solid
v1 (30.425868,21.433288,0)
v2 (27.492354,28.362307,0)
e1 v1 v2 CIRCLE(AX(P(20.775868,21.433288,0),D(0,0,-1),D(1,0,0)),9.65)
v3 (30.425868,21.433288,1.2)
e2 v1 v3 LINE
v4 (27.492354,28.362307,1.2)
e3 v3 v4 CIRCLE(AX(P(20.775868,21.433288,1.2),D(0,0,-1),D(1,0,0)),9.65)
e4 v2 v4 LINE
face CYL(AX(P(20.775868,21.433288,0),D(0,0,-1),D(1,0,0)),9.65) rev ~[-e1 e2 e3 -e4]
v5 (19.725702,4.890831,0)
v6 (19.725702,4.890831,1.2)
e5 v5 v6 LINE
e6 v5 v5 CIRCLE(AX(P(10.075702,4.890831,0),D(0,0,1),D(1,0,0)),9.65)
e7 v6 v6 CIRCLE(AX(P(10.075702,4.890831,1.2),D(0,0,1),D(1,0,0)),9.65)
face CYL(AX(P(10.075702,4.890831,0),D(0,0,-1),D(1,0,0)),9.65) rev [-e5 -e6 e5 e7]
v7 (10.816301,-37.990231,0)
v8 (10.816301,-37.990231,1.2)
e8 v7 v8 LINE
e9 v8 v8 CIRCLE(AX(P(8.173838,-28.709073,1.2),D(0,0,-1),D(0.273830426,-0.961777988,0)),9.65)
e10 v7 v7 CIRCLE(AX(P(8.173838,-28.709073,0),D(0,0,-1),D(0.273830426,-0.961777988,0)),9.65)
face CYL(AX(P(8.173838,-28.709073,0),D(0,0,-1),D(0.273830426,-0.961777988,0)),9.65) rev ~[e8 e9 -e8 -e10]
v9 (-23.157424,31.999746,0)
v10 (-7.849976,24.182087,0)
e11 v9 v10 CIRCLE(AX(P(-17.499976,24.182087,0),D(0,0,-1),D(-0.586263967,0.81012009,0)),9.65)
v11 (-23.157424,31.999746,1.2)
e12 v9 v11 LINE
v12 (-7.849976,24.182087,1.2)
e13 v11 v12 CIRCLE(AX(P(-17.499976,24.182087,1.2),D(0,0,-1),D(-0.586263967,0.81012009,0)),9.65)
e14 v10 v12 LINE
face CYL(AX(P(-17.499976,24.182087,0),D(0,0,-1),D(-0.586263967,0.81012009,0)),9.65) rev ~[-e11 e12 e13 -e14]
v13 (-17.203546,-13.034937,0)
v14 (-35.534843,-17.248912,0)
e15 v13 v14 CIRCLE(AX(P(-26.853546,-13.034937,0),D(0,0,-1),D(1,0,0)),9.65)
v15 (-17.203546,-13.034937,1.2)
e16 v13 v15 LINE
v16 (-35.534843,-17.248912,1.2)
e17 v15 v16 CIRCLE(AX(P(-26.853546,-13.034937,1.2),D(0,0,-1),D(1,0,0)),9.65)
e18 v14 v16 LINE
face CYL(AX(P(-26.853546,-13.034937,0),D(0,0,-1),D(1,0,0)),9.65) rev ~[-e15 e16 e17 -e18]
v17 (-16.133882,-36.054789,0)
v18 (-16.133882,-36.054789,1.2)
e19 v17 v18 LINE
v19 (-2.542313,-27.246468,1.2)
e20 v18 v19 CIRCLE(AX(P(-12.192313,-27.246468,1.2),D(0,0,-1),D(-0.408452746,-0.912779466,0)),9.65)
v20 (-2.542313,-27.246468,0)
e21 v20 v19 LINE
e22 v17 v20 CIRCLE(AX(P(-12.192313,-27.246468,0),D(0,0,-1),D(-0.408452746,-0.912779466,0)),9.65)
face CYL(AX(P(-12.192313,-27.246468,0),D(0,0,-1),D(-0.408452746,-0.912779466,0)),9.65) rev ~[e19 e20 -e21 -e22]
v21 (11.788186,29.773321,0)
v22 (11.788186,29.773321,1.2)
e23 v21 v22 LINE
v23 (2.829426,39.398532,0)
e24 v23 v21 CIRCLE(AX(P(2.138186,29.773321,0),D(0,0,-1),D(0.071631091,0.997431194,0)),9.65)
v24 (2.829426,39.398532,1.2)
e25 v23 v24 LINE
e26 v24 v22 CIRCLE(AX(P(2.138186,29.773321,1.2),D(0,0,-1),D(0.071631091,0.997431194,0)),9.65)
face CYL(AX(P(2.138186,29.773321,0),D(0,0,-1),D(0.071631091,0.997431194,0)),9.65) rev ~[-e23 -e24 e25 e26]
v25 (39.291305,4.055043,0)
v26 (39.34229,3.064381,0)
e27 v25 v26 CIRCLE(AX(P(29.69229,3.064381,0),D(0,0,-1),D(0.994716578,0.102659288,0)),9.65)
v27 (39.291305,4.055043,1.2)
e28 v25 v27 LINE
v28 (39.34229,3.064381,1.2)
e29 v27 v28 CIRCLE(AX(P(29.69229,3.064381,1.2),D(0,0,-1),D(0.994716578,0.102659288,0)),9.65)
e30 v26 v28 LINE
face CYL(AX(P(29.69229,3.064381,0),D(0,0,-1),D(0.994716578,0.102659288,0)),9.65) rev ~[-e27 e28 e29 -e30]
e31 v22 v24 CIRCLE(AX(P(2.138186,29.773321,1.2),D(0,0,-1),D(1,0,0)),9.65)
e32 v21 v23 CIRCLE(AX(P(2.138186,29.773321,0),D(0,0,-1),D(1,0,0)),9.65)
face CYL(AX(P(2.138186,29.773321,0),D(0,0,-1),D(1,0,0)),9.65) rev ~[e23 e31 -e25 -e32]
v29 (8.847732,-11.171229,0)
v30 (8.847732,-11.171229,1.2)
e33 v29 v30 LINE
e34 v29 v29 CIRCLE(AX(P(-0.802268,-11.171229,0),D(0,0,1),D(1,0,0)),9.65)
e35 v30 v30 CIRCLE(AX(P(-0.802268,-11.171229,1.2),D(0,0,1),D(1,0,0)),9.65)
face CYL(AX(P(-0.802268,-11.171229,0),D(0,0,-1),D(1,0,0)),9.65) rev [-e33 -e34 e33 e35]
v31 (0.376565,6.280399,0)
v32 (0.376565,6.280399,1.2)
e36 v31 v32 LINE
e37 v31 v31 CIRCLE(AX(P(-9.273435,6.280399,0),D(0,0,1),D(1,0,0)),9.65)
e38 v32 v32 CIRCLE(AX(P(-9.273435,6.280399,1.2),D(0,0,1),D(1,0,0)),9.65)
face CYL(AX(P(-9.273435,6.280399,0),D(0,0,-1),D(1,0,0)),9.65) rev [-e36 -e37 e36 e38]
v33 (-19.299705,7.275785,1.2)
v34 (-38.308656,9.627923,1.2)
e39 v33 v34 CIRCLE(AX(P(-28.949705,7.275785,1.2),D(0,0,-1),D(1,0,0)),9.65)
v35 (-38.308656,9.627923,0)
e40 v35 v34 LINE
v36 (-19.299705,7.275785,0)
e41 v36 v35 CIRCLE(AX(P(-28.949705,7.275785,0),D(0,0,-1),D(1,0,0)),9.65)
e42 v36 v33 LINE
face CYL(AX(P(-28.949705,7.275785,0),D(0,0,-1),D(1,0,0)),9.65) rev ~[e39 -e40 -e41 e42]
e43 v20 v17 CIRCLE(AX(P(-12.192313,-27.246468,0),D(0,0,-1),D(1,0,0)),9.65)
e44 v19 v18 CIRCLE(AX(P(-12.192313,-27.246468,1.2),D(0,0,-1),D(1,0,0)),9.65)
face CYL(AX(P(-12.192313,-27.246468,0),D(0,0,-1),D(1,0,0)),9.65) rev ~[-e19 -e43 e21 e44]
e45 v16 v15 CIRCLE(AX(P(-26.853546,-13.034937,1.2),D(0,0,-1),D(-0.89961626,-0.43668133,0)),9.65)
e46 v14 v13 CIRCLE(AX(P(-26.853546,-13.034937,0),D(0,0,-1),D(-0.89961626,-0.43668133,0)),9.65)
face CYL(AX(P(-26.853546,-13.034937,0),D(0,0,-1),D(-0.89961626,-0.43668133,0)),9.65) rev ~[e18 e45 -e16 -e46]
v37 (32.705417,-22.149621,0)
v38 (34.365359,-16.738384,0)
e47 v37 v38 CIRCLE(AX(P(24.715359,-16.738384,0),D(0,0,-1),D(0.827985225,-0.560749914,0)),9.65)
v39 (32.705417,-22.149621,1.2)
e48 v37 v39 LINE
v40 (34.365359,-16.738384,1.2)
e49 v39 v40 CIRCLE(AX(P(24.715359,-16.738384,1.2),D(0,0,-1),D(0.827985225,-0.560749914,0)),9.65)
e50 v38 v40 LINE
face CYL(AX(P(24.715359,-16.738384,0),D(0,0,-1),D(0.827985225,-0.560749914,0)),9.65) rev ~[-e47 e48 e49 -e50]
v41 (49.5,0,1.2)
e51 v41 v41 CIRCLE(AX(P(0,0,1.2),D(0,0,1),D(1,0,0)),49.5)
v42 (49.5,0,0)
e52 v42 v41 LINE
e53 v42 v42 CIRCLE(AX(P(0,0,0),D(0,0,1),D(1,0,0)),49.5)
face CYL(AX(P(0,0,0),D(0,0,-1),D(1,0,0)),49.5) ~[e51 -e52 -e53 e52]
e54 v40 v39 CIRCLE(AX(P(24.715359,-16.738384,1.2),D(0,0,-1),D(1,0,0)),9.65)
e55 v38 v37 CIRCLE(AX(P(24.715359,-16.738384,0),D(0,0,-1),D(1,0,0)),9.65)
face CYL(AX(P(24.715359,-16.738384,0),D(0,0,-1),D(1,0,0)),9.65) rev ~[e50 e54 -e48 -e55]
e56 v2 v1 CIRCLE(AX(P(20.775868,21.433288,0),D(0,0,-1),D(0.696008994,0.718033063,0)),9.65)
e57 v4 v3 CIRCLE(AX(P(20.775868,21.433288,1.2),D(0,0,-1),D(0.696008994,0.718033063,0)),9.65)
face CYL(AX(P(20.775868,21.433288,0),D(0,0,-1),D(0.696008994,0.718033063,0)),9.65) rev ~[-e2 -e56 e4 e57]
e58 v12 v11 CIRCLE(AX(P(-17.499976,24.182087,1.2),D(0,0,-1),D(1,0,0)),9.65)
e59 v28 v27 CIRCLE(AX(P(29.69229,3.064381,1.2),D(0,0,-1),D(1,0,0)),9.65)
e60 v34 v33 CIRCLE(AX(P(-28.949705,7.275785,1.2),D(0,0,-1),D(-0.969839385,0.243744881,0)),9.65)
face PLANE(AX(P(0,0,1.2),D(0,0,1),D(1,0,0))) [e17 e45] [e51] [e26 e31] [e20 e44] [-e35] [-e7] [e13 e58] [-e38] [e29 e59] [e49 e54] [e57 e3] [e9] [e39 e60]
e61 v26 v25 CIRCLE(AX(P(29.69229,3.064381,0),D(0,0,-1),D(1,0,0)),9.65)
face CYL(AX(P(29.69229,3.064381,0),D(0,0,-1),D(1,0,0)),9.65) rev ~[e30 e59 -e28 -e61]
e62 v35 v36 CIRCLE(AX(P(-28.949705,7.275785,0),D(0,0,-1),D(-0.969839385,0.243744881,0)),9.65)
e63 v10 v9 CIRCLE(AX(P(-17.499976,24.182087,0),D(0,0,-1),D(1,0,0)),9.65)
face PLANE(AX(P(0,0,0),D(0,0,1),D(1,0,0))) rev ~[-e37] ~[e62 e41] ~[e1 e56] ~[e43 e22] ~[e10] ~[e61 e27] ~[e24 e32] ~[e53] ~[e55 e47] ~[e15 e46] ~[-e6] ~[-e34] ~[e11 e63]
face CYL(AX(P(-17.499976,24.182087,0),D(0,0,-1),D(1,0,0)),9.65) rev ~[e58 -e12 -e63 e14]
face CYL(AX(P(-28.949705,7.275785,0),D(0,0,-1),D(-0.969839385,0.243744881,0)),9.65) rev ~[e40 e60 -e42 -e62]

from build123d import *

# Parameters (mm, degrees)
F0_R     = 49.5
F0_R_2   = 9.65
F1_DEPTH = 1.2


with BuildPart() as f1:
    # F0 (on Top) → F1 (new body)
    with BuildSketch(Plane.XY):
        Circle(F0_R)
        with BuildLine():
            ThreePointArc((39.291304741, 4.0550427554), (39.4477916826, 2.0302047593), (39.5, 0))
            ThreePointArc((39.5, 0), (37.7631696724, -11.5841709368), (32.7054168965, -22.1496208912))
            ThreePointArc((32.7054168965, -22.1496208912), (23.1574225777, -31.9997465546), (10.8163014141, -37.9902306353))
            ThreePointArc((10.8163014141, -37.9902306353), (-2.8294257614, -39.3985323313), (-16.1338824195, -36.0547893916))
            ThreePointArc((-16.1338824195, -36.0547893916), (-27.4923542695, -28.3623069711), (-35.5348425965, -17.2489118973))
            ThreePointArc((-35.5348425965, -17.2489118973), (-39.291304689, -4.0550432599), (-38.3086555521, 9.6279234413))
            ThreePointArc((-38.3086555521, 9.6279234413), (-32.7054174623, 22.1496200558), (-23.1574236319, 31.9997457917))
            ThreePointArc((-23.1574236319, 31.9997457917), (-10.8163015816, 37.9902305875), (2.8294262423, 39.3985322968))
            ThreePointArc((2.8294262423, 39.3985322968), (16.1338825125, 36.05478935), (27.492354475, 28.3623067719))
            ThreePointArc((27.492354475, 28.3623067719), (35.5348428386, 17.2489113986), (39.291304741, 4.0550427554))
        make_face(mode=Mode.SUBTRACT)
        with BuildLine():
            ThreePointArc((32.7054168965, -22.1496208912), (37.7631696724, -11.5841709368), (39.5, 0))
            ThreePointArc((39.5, 0), (39.4477916826, 2.0302047593), (39.291304741, 4.0550427554))
            ThreePointArc((39.291304741, 4.0550427554), (35.5348428386, 17.2489113986), (27.492354475, 28.3623067719))
            ThreePointArc((27.492354475, 28.3623067719), (16.1338825125, 36.05478935), (2.8294262423, 39.3985322968))
            ThreePointArc((2.8294262423, 39.3985322968), (-10.8163015816, 37.9902305875), (-23.1574236319, 31.9997457917))
            ThreePointArc((-23.1574236319, 31.9997457917), (-32.7054174623, 22.1496200558), (-38.3086555521, 9.6279234413))
            ThreePointArc((-38.3086555521, 9.6279234413), (-39.291304689, -4.0550432599), (-35.5348425965, -17.2489118973))
            ThreePointArc((-35.5348425965, -17.2489118973), (-27.4923542695, -28.3623069711), (-16.1338824195, -36.0547893916))
            ThreePointArc((-16.1338824195, -36.0547893916), (-2.8294257614, -39.3985323313), (10.8163014141, -37.9902306353))
            ThreePointArc((10.8163014141, -37.9902306353), (23.1574225777, -31.9997465546), (32.7054168965, -22.1496208912))
        make_face()
        with BuildLine():
            ThreePointArc((-2.5423134165, -27.2464675427), (-6.9441537809, -35.3445735212), (-16.1338824195, -36.0547893916))
            ThreePointArc((-16.1338824195, -36.0547893916), (-17.440473052, -19.1483615642), (-2.5423134165, -27.2464675427))
        make_face(mode=Mode.SUBTRACT)
        with BuildLine():
            ThreePointArc((-17.2035456856, -13.0349370582), (-24.6916038721, -22.4396437307), (-35.5348425965, -17.2489118973))
            ThreePointArc((-35.5348425965, -17.2489118973), (-29.0154874991, -3.6302303857), (-17.2035456856, -13.0349370582))
        make_face(mode=Mode.SUBTRACT)
        with Locations((-0.8022675241, -11.1712294229)):
            Circle(F0_R_2, mode=Mode.SUBTRACT)
        with BuildLine():
            ThreePointArc((17.8238378027, -28.7090730532), (15.875210208, -34.5238269668), (10.8163014141, -37.9902306353))
            ThreePointArc((10.8163014141, -37.9902306353), (0.4724653975, -22.8943191396), (17.8238378027, -28.7090730532))
        make_face(mode=Mode.SUBTRACT)
        with BuildLine():
            ThreePointArc((34.3653594719, -16.7383842163), (33.9410451957, -19.5684412699), (32.7054168965, -22.1496208912))
            ThreePointArc((32.7054168965, -22.1496208912), (15.4896737482, -13.9083271628), (34.3653594719, -16.7383842163))
        make_face(mode=Mode.SUBTRACT)
        with BuildLine():
            ThreePointArc((-19.2997054845, 7.275785343), (-30.1347438485, -2.3011757656), (-38.3086555521, 9.6279234413))
            ThreePointArc((-38.3086555521, 9.6279234413), (-27.7646671206, 16.8527464516), (-19.2997054845, 7.275785343))
        make_face(mode=Mode.SUBTRACT)
        with Locations((-9.2734347097, 6.2803987679)):
            Circle(F0_R_2, mode=Mode.SUBTRACT)
        with BuildLine():
            ThreePointArc((-7.8499763471, 24.1820869209), (-21.8890613145, 15.5879939991), (-23.1574236319, 31.9997457917))
            ThreePointArc((-23.1574236319, 31.9997457917), (-13.1108913798, 32.7761798427), (-7.8499763471, 24.1820869209))
        make_face(mode=Mode.SUBTRACT)
        with Locations((10.0757022338, 4.890830655)):
            Circle(F0_R_2, mode=Mode.SUBTRACT)
        with BuildLine():
            ThreePointArc((30.4258676818, 21.4332877102), (11.8894567766, 17.6710807484), (27.492354475, 28.3623067719))
            ThreePointArc((27.492354475, 28.3623067719), (29.6622785871, 25.1954946719), (30.4258676818, 21.4332877102))
        make_face(mode=Mode.SUBTRACT)
        with BuildLine():
            ThreePointArc((39.3422897636, 3.0643806218), (20.0550444483, 2.5683939951), (39.291304741, 4.0550427554))
            ThreePointArc((39.291304741, 4.0550427554), (39.3295350788, 3.5603672485), (39.3422897636, 3.0643806218))
        make_face(mode=Mode.SUBTRACT)
        with BuildLine():
            ThreePointArc((11.7881862137, 29.7733212745), (-4.9255580582, 23.1986717126), (2.8294262423, 39.3985322968))
            ThreePointArc((2.8294262423, 39.3985322968), (9.2019304855, 36.3479708364), (11.7881862137, 29.7733212745))
        make_face(mode=Mode.SUBTRACT)
    extrude(amount=F1_DEPTH)


solid = f1.part
